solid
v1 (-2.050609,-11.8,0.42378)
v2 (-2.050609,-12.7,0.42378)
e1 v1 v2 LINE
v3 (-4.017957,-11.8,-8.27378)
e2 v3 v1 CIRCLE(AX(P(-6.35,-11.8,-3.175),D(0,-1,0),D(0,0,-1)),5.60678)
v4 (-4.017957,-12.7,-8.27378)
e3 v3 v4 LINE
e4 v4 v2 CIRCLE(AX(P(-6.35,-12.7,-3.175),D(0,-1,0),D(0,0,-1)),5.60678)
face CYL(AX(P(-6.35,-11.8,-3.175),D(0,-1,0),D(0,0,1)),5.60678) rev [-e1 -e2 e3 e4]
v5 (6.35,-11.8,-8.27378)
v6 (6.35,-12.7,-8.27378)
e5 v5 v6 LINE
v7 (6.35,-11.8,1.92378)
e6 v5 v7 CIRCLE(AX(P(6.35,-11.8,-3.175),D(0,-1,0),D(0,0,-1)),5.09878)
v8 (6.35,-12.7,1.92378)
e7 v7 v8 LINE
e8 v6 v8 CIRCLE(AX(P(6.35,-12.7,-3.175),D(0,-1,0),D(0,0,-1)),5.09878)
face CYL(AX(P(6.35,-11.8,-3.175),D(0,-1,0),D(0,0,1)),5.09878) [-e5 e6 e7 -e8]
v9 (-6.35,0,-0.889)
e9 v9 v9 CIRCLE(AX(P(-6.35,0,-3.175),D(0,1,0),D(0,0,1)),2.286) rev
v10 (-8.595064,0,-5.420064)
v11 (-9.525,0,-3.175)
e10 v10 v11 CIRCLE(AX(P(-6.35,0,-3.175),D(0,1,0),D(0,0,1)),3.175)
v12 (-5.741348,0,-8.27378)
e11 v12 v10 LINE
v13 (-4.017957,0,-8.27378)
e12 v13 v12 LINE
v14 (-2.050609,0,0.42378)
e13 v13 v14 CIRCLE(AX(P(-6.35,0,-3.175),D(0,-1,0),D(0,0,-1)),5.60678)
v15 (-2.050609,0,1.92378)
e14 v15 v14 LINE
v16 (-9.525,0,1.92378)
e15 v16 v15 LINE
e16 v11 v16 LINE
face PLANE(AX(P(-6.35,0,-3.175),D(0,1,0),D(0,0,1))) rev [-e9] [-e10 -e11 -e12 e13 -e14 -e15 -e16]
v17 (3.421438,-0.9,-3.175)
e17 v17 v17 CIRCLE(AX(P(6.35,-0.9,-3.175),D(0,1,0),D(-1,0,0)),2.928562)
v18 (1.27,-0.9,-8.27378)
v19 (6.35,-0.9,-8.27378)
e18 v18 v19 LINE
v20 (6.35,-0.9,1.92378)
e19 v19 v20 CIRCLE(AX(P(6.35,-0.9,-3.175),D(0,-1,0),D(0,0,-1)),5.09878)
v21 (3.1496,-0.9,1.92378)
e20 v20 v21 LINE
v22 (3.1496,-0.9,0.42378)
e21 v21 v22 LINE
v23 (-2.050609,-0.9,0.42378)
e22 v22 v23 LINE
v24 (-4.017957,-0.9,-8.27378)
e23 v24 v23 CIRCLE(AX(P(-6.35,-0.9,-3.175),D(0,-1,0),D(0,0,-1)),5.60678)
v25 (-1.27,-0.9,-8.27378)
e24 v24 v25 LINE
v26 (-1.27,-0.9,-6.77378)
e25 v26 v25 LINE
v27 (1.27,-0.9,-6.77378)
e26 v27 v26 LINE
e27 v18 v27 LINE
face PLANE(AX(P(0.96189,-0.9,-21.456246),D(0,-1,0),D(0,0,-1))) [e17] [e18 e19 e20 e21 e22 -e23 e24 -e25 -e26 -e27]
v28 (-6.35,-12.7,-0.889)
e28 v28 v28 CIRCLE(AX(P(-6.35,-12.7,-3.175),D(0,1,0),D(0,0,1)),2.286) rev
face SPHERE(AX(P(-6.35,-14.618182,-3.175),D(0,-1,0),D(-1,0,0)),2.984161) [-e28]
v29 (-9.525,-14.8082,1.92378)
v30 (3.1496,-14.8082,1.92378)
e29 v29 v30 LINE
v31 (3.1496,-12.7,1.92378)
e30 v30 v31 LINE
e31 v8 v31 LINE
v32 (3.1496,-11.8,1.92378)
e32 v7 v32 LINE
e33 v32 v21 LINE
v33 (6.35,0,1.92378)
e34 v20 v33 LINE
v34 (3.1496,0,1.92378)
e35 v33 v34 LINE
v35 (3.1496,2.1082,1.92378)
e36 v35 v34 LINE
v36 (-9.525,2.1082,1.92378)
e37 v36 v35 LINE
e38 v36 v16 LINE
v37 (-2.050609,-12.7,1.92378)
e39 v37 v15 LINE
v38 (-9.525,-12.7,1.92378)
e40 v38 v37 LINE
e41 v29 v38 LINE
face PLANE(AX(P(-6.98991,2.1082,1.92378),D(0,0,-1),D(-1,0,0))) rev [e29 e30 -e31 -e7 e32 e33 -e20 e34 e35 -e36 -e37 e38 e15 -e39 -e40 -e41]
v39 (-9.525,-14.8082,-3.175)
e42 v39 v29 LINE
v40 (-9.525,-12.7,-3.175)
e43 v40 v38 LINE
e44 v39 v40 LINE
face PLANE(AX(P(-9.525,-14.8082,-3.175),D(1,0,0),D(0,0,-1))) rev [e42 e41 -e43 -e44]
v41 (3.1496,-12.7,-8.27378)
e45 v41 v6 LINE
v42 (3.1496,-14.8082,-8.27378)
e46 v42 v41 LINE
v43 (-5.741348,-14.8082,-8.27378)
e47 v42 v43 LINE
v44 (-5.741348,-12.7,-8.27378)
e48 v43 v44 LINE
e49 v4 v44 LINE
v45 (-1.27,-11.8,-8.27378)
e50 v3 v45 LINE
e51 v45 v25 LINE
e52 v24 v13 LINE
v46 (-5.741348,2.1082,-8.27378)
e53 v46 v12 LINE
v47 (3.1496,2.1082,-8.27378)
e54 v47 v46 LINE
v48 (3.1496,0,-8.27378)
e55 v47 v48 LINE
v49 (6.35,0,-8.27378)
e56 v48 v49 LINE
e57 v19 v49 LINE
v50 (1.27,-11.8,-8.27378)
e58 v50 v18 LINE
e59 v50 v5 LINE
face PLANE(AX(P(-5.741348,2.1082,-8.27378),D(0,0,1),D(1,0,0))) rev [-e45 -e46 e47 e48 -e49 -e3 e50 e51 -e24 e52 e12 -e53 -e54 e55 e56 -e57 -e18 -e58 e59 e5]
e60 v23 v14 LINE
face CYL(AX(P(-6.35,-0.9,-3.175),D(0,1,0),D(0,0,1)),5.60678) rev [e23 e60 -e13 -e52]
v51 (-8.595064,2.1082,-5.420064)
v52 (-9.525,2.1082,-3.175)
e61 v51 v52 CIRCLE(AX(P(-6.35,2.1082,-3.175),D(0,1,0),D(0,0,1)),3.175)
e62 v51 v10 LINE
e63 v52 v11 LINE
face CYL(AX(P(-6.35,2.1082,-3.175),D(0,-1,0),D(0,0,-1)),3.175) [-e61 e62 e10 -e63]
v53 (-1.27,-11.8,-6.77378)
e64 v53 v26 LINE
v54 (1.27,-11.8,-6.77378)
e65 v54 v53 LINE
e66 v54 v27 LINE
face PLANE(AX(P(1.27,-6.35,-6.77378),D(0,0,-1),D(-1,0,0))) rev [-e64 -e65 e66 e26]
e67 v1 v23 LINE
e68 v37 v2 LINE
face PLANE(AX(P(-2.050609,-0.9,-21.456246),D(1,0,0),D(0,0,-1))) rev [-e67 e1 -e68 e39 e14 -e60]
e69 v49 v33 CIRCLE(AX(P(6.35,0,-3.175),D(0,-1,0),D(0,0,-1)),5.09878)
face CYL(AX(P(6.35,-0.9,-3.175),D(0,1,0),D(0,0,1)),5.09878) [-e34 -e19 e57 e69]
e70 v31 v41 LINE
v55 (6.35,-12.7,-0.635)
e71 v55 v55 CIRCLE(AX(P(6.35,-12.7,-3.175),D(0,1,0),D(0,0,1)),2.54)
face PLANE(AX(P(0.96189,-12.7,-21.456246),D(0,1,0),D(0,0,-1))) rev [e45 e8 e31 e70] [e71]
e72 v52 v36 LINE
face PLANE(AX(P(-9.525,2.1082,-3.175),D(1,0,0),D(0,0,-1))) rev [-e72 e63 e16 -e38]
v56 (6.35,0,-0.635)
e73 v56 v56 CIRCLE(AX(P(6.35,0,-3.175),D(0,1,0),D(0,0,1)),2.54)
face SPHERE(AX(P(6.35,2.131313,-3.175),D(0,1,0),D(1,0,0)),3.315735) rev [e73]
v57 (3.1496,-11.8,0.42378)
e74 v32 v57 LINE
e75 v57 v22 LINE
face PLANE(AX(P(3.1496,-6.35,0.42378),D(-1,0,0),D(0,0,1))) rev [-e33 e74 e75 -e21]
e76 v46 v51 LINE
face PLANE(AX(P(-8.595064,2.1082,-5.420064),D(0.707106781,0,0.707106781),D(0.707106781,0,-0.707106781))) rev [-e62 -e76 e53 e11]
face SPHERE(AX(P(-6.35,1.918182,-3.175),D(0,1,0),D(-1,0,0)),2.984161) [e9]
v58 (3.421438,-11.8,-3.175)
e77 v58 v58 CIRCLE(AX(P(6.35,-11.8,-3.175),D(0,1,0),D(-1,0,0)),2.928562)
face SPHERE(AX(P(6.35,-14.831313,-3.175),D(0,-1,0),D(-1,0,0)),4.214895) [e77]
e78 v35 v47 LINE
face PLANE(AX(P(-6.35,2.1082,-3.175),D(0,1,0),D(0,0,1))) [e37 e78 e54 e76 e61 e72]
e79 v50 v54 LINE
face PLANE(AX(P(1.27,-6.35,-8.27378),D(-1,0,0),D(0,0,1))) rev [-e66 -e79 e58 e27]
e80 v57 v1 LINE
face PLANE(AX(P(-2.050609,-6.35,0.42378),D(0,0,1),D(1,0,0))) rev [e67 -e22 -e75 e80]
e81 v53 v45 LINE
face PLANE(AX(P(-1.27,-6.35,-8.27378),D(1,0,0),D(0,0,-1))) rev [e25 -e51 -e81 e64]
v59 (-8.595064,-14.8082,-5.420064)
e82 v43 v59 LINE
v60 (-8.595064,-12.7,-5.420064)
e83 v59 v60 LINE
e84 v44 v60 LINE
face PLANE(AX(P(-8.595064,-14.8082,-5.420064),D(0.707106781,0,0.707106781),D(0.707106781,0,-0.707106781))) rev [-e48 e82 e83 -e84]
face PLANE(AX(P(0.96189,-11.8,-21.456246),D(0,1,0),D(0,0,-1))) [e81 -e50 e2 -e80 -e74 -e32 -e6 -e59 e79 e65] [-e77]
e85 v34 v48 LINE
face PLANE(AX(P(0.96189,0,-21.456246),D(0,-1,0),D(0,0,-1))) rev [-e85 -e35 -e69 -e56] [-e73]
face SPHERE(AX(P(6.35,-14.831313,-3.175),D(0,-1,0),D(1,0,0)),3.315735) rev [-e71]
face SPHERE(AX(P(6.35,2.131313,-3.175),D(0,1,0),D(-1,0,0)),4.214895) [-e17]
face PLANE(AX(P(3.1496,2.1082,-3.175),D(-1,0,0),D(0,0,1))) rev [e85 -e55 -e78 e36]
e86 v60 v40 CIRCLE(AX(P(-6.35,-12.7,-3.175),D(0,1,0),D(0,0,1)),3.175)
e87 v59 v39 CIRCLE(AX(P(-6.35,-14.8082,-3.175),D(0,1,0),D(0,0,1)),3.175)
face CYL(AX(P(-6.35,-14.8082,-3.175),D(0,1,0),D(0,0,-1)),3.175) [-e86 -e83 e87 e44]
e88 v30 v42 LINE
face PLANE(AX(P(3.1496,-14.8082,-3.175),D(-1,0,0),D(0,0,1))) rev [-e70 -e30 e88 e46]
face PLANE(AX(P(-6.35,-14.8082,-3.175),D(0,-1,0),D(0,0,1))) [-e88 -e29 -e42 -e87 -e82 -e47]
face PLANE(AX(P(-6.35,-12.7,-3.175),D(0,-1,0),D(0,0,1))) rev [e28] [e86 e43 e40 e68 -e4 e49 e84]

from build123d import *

# Parameters (mm, degrees)
BOSS_EXTRUDE2_DEPTH = 2.1082
BOSS_EXTRUDE3_DEPTH = 0.9
SKETCH13_W          = 5.200208993
SKETCH13_H          = 1.5
BOSS_EXTRUDE4_DEPTH = 6.35
SKETCH16_W          = 2.54
SKETCH16_H          = 1.5
BOSS_EXTRUDE5_DEPTH = 5.45


with BuildPart() as part:
    # Sketch6 → Boss-Extrude2 (new body)
    with BuildSketch(Plane(origin=(0, 0, 0), x_dir=(1, 0, 0), z_dir=(0, 1, 0))):
        with BuildLine():
            Line((3.1496, 3.175), (3.1496, 8.27377964))
            Line((3.1496, 8.27377964), (-5.741348421, 8.27377964))
            Line((-5.741348421, 8.27377964), (-8.59506403, 5.42006403))
            ThreePointArc((-8.59506403, 5.42006403), (-9.283317516, 4.390019898), (-9.525, 3.175))
            Line((-9.525, 3.175), (-9.525, -1.92377964))
            Line((-9.525, -1.92377964), (-6.989909723, -1.92377964))
            Line((-6.989909723, -1.92377964), (3.1496, -1.92377964))
            Line((3.1496, -1.92377964), (3.1496, 3.175))
        make_face()
    extrude(amount=BOSS_EXTRUDE2_DEPTH)

    # Sketch7 → Boss-Extrude3 (add)
    with BuildSketch(Plane.XZ):
        with BuildLine():
            Line((-2.050608993, 1.92377964), (-2.050608993, 0.42377964))
            ThreePointArc((-2.050608993, 0.42377964), (-0.881374643, -4.411978027), (-4.017957094, -8.27377964))
            Line((-4.017957094, -8.27377964), (6.35, -8.27377964))
            ThreePointArc((6.35, -8.27377964), (11.44877964, -3.175), (6.35, 1.92377964))
            Line((6.35, 1.92377964), (-2.050608993, 1.92377964))
        make_face()
    extrude(amount=BOSS_EXTRUDE3_DEPTH)

    # Sketch10 → Revolve2 (revolve)
    with BuildSketch(Plane.XY.offset(-3.175), mode=Mode.PRIVATE) as revolve2_sk:
        with BuildLine():
            Line((-6.35, 0), (-6.35, -1.065979307))
            ThreePointArc((-6.35, -1.065979307), (-5.088839039, -0.786386653), (-4.064, 0))
            Line((-4.064, 0), (-6.35, 0))
        make_face()
    revolve(revolve2_sk.sketch.rotate(Axis((-6.35, 0, -3.175), (0, -1, 0)), 180), axis=Axis((-6.35, 0, -3.175), (0, -1, 0)))

    # Sketch11 → Revolve4 (revolve)
    with BuildSketch(Plane.XY.offset(-3.175), mode=Mode.PRIVATE) as revolve4_sk:
        with BuildLine():
            Line((6.35, -0.9), (6.35, -2.083581452))
            ThreePointArc((6.35, -2.083581452), (7.929346537, -1.776499661), (9.278562256, -0.9))
            Line((9.278562256, -0.9), (6.35, -0.9))
        make_face()
    revolve(revolve4_sk.sketch.rotate(Axis((6.35, -0.9, -3.175), (0, -1, 0)), 180), axis=Axis((6.35, -0.9, -3.175), (0, -1, 0)))

    # Sketch12 → Cut-Revolve1 (revolve, cut)
    with BuildSketch(Plane.XY.offset(-3.175), mode=Mode.PRIVATE) as cut_revolve1_sk:
        with BuildLine():
            Line((8.89, 0), (6.35, 0))
            Line((6.35, 0), (6.35, -1.184421452))
            ThreePointArc((6.35, -1.184421452), (7.751289957, -0.873762947), (8.89, 0))
        make_face()
    revolve(cut_revolve1_sk.sketch.rotate(Axis((6.35, 0, -3.175), (0, -1, 0)), 180), axis=Axis((6.35, 0, -3.175), (0, -1, 0)), mode=Mode.SUBTRACT)

    # Sketch13 → Boss-Extrude4 (add)
    with BuildSketch(Plane.XZ):
        with Locations((0.549495504, 1.17377964)):
            Rectangle(SKETCH13_W, SKETCH13_H)
    extrude(amount=BOSS_EXTRUDE4_DEPTH)

    # Sketch16 → Boss-Extrude5 (add)
    with BuildSketch(Plane.XZ.offset(0.9)):
        with Locations((0, -7.52377964)):
            Rectangle(SKETCH16_W, SKETCH16_H)
    extrude(amount=BOSS_EXTRUDE5_DEPTH)

    # Mirror1: part across plane


with BuildPart() as part_1:
    add(part.part)
    add(part.part.mirror(Plane(origin=(3.1496, -6.35, 1.92377964), x_dir=(0, 0, 1), z_dir=(0, 1, 0))))


solid = part_1.part
